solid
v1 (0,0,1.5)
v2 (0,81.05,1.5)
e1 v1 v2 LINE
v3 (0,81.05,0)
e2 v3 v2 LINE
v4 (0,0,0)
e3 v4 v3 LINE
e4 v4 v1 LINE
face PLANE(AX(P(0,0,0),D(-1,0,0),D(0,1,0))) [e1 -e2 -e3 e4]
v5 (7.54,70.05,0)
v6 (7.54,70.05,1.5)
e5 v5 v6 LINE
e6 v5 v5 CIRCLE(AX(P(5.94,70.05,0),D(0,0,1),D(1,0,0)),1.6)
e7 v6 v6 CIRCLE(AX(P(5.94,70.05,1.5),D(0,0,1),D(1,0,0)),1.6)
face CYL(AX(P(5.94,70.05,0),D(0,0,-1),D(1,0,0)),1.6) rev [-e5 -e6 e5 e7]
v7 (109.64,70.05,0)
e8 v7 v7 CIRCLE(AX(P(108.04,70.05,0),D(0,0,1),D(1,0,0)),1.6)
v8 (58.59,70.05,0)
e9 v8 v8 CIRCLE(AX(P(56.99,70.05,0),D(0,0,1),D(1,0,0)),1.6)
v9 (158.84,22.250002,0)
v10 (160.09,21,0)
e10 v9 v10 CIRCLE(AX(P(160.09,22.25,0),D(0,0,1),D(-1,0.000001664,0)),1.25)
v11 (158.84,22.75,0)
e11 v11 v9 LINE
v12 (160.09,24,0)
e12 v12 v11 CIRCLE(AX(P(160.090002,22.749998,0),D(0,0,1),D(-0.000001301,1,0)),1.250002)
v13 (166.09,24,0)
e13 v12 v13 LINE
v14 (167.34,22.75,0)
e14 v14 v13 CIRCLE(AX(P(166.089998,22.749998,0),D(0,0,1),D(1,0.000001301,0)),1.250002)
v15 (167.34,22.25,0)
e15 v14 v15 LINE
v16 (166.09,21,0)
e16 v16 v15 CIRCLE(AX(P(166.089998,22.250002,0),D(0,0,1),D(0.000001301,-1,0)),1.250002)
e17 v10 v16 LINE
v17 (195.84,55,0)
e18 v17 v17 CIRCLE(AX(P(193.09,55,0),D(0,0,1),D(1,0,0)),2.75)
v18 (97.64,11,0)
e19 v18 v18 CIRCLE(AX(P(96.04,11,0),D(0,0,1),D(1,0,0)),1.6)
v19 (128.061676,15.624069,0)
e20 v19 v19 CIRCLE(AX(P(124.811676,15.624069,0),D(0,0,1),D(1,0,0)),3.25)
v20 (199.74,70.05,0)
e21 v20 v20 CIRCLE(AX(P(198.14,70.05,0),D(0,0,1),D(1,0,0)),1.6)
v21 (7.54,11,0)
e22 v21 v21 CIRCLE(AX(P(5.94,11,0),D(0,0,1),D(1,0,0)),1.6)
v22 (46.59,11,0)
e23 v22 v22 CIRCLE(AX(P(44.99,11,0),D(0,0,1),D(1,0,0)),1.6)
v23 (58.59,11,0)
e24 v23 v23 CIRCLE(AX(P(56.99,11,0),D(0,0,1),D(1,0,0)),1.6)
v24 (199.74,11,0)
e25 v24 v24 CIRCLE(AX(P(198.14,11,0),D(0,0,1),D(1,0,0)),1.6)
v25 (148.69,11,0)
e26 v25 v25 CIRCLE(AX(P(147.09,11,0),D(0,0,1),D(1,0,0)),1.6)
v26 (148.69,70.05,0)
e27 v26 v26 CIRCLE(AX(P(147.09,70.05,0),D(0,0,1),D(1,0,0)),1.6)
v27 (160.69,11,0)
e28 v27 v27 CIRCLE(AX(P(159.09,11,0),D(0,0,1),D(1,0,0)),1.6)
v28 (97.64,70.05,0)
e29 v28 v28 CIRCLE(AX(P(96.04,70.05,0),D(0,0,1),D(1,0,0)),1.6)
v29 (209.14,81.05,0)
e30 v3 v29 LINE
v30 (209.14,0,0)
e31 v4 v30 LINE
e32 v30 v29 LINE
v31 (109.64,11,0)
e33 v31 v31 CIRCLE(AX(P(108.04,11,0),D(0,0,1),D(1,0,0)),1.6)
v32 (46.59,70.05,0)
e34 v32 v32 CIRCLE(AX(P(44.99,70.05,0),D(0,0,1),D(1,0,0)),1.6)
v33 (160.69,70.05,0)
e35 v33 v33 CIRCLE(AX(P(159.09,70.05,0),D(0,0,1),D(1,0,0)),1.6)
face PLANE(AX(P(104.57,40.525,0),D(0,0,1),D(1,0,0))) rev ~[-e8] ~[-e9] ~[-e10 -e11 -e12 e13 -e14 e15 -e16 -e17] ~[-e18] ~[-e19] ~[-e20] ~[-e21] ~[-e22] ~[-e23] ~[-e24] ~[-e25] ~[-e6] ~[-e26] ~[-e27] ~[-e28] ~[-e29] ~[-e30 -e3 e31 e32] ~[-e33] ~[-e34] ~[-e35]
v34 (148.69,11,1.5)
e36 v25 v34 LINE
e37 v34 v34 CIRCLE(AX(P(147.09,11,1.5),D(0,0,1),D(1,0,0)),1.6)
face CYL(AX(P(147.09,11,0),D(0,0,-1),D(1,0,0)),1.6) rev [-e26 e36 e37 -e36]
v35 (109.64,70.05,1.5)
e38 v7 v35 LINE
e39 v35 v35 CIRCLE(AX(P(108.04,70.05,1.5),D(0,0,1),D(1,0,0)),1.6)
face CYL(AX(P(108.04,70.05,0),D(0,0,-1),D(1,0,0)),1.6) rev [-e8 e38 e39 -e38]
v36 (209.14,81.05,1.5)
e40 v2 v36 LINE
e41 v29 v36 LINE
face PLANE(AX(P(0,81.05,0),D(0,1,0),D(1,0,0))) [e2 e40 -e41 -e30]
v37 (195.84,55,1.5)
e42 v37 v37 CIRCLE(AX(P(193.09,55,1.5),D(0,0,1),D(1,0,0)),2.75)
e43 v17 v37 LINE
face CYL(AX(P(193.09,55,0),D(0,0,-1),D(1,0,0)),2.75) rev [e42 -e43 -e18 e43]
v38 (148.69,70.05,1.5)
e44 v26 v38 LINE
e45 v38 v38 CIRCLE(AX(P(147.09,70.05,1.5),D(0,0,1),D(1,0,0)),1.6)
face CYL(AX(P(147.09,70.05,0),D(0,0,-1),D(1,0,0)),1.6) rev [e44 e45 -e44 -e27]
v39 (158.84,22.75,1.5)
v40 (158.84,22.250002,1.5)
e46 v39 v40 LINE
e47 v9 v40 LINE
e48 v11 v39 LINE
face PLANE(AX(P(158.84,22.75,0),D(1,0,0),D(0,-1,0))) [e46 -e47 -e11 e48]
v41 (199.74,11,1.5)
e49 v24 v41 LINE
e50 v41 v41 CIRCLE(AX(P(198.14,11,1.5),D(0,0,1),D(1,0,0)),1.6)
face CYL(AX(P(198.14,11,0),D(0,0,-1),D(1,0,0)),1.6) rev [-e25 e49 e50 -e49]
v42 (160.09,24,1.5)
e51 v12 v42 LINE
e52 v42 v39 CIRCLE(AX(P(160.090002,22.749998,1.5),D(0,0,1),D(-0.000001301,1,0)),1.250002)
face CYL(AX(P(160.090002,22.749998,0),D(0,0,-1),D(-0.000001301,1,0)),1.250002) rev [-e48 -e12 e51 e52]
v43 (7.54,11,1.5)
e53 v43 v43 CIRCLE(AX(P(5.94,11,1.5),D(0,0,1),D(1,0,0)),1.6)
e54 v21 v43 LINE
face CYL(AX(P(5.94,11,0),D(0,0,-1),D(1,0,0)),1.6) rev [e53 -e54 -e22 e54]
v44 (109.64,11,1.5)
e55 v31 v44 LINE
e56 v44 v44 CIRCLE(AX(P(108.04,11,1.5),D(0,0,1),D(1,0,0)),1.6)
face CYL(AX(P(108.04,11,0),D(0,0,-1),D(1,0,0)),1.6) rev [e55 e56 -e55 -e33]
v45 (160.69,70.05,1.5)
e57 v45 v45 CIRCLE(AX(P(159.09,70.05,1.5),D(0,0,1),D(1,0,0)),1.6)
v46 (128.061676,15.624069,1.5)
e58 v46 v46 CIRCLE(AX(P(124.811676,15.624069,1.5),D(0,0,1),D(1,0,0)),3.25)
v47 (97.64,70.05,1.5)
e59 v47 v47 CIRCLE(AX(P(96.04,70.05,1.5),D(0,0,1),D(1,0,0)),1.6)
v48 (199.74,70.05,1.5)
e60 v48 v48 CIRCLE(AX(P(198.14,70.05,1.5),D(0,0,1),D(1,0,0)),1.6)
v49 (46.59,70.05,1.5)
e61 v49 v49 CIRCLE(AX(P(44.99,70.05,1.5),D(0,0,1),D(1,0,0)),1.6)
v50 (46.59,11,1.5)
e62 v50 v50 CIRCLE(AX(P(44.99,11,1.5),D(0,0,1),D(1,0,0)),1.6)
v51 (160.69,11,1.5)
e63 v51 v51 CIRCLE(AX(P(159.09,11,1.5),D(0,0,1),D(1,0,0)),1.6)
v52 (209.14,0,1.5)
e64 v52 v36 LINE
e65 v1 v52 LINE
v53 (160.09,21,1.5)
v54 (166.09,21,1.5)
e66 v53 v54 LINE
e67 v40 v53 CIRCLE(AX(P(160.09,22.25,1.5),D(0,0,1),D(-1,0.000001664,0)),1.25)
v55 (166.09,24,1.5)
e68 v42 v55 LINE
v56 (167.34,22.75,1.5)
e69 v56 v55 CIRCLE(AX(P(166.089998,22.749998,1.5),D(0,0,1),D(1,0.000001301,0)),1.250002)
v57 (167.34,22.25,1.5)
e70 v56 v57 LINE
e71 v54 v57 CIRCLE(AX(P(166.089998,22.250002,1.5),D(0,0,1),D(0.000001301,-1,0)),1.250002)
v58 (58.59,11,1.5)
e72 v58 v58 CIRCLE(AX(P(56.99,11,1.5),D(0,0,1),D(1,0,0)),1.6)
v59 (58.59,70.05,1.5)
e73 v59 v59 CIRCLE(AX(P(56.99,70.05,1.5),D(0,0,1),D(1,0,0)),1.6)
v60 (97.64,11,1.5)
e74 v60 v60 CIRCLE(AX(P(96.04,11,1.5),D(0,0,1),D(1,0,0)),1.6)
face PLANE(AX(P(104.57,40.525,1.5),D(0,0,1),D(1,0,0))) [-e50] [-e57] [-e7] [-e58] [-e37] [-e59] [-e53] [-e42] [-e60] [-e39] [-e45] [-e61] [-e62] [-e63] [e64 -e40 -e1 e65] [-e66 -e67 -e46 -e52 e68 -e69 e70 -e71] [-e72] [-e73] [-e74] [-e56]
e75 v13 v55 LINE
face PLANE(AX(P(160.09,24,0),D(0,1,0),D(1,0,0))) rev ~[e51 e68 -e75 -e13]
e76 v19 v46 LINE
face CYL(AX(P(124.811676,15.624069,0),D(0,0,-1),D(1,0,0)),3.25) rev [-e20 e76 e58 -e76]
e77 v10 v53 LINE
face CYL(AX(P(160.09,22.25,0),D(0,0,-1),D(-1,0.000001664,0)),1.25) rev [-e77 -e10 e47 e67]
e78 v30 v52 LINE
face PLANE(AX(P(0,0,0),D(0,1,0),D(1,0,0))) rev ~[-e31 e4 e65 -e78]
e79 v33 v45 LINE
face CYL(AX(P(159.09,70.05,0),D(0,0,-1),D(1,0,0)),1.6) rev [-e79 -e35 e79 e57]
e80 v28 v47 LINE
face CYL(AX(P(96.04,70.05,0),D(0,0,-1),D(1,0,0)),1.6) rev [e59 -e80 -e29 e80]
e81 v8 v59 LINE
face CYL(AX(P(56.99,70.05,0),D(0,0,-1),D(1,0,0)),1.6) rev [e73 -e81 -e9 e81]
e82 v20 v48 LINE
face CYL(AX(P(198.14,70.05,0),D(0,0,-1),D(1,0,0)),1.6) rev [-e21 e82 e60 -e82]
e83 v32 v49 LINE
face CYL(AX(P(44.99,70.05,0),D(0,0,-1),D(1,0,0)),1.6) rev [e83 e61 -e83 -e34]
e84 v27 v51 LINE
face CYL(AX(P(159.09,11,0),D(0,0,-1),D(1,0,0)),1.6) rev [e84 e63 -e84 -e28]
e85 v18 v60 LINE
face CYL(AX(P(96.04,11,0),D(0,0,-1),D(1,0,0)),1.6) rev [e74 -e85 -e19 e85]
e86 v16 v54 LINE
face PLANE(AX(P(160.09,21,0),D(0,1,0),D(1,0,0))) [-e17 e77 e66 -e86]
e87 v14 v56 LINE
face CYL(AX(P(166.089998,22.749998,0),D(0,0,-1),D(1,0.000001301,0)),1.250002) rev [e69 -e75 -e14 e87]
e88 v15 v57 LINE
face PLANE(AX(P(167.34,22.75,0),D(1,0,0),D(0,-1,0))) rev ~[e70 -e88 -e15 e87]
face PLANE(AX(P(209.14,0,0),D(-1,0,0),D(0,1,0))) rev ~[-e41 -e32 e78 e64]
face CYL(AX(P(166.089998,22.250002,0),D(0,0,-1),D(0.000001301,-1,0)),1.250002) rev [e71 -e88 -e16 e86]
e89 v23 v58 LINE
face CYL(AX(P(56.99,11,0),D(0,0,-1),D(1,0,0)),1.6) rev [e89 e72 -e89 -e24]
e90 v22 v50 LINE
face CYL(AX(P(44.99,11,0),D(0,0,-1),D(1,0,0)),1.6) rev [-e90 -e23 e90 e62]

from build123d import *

# Parameters (mm, degrees)
SKETCH_W   = 209.14
SKETCH_H   = 81.05
SKETCH_R   = 1.6
SKETCH_R_2 = 2.75
SKETCH_R_3 = 3.25
PAD_DEPTH  = 1.5


with BuildPart() as part:
    # Sketch → Pad (new body)
    with BuildSketch(Plane.XY):
        with Locations((104.57, 40.525)):
            Rectangle(SKETCH_W, SKETCH_H)
        with Locations((5.94, 70.05)):
            Circle(SKETCH_R, mode=Mode.SUBTRACT)
        with Locations((44.99, 70.05)):
            Circle(SKETCH_R, mode=Mode.SUBTRACT)
        with Locations((56.99, 70.05)):
            Circle(SKETCH_R, mode=Mode.SUBTRACT)
        with Locations((96.04, 70.05)):
            Circle(SKETCH_R, mode=Mode.SUBTRACT)
        with Locations((108.04, 70.05)):
            Circle(SKETCH_R, mode=Mode.SUBTRACT)
        with Locations((147.09, 70.05)):
            Circle(SKETCH_R, mode=Mode.SUBTRACT)
        with Locations((159.09, 70.05)):
            Circle(SKETCH_R, mode=Mode.SUBTRACT)
        with Locations((198.14, 70.05)):
            Circle(SKETCH_R, mode=Mode.SUBTRACT)
        with Locations((198.14, 11)):
            Circle(SKETCH_R, mode=Mode.SUBTRACT)
        with Locations((159.09, 11)):
            Circle(SKETCH_R, mode=Mode.SUBTRACT)
        with Locations((147.09, 11)):
            Circle(SKETCH_R, mode=Mode.SUBTRACT)
        with Locations((108.04, 11)):
            Circle(SKETCH_R, mode=Mode.SUBTRACT)
        with Locations((96.04, 11)):
            Circle(SKETCH_R, mode=Mode.SUBTRACT)
        with Locations((56.99, 11)):
            Circle(SKETCH_R, mode=Mode.SUBTRACT)
        with Locations((44.99, 11)):
            Circle(SKETCH_R, mode=Mode.SUBTRACT)
        with Locations((5.94, 11)):
            Circle(SKETCH_R, mode=Mode.SUBTRACT)
        with Locations((193.09, 55)):
            Circle(SKETCH_R_2, mode=Mode.SUBTRACT)
        with Locations((124.811676, 15.624069)):
            Circle(SKETCH_R_3, mode=Mode.SUBTRACT)
        with BuildLine():
            Line((160.09, 21), (166.09, 21))
            ThreePointArc((166.09, 21), (166.973883, 21.366117), (167.34, 22.25))
            Line((167.34, 22.75), (167.34, 22.25))
            ThreePointArc((167.34, 22.75), (166.973883, 23.633883), (166.09, 24))
            Line((160.09, 24), (166.09, 24))
            ThreePointArc((160.09, 24), (159.206117, 23.633883), (158.84, 22.75))
            Line((158.84, 22.75), (158.84, 22.250002))
            ThreePointArc((158.84, 22.250002), (159.206116, 21.366117), (160.09, 21))
        make_face(mode=Mode.SUBTRACT)
    extrude(amount=PAD_DEPTH)


solid = part.part
